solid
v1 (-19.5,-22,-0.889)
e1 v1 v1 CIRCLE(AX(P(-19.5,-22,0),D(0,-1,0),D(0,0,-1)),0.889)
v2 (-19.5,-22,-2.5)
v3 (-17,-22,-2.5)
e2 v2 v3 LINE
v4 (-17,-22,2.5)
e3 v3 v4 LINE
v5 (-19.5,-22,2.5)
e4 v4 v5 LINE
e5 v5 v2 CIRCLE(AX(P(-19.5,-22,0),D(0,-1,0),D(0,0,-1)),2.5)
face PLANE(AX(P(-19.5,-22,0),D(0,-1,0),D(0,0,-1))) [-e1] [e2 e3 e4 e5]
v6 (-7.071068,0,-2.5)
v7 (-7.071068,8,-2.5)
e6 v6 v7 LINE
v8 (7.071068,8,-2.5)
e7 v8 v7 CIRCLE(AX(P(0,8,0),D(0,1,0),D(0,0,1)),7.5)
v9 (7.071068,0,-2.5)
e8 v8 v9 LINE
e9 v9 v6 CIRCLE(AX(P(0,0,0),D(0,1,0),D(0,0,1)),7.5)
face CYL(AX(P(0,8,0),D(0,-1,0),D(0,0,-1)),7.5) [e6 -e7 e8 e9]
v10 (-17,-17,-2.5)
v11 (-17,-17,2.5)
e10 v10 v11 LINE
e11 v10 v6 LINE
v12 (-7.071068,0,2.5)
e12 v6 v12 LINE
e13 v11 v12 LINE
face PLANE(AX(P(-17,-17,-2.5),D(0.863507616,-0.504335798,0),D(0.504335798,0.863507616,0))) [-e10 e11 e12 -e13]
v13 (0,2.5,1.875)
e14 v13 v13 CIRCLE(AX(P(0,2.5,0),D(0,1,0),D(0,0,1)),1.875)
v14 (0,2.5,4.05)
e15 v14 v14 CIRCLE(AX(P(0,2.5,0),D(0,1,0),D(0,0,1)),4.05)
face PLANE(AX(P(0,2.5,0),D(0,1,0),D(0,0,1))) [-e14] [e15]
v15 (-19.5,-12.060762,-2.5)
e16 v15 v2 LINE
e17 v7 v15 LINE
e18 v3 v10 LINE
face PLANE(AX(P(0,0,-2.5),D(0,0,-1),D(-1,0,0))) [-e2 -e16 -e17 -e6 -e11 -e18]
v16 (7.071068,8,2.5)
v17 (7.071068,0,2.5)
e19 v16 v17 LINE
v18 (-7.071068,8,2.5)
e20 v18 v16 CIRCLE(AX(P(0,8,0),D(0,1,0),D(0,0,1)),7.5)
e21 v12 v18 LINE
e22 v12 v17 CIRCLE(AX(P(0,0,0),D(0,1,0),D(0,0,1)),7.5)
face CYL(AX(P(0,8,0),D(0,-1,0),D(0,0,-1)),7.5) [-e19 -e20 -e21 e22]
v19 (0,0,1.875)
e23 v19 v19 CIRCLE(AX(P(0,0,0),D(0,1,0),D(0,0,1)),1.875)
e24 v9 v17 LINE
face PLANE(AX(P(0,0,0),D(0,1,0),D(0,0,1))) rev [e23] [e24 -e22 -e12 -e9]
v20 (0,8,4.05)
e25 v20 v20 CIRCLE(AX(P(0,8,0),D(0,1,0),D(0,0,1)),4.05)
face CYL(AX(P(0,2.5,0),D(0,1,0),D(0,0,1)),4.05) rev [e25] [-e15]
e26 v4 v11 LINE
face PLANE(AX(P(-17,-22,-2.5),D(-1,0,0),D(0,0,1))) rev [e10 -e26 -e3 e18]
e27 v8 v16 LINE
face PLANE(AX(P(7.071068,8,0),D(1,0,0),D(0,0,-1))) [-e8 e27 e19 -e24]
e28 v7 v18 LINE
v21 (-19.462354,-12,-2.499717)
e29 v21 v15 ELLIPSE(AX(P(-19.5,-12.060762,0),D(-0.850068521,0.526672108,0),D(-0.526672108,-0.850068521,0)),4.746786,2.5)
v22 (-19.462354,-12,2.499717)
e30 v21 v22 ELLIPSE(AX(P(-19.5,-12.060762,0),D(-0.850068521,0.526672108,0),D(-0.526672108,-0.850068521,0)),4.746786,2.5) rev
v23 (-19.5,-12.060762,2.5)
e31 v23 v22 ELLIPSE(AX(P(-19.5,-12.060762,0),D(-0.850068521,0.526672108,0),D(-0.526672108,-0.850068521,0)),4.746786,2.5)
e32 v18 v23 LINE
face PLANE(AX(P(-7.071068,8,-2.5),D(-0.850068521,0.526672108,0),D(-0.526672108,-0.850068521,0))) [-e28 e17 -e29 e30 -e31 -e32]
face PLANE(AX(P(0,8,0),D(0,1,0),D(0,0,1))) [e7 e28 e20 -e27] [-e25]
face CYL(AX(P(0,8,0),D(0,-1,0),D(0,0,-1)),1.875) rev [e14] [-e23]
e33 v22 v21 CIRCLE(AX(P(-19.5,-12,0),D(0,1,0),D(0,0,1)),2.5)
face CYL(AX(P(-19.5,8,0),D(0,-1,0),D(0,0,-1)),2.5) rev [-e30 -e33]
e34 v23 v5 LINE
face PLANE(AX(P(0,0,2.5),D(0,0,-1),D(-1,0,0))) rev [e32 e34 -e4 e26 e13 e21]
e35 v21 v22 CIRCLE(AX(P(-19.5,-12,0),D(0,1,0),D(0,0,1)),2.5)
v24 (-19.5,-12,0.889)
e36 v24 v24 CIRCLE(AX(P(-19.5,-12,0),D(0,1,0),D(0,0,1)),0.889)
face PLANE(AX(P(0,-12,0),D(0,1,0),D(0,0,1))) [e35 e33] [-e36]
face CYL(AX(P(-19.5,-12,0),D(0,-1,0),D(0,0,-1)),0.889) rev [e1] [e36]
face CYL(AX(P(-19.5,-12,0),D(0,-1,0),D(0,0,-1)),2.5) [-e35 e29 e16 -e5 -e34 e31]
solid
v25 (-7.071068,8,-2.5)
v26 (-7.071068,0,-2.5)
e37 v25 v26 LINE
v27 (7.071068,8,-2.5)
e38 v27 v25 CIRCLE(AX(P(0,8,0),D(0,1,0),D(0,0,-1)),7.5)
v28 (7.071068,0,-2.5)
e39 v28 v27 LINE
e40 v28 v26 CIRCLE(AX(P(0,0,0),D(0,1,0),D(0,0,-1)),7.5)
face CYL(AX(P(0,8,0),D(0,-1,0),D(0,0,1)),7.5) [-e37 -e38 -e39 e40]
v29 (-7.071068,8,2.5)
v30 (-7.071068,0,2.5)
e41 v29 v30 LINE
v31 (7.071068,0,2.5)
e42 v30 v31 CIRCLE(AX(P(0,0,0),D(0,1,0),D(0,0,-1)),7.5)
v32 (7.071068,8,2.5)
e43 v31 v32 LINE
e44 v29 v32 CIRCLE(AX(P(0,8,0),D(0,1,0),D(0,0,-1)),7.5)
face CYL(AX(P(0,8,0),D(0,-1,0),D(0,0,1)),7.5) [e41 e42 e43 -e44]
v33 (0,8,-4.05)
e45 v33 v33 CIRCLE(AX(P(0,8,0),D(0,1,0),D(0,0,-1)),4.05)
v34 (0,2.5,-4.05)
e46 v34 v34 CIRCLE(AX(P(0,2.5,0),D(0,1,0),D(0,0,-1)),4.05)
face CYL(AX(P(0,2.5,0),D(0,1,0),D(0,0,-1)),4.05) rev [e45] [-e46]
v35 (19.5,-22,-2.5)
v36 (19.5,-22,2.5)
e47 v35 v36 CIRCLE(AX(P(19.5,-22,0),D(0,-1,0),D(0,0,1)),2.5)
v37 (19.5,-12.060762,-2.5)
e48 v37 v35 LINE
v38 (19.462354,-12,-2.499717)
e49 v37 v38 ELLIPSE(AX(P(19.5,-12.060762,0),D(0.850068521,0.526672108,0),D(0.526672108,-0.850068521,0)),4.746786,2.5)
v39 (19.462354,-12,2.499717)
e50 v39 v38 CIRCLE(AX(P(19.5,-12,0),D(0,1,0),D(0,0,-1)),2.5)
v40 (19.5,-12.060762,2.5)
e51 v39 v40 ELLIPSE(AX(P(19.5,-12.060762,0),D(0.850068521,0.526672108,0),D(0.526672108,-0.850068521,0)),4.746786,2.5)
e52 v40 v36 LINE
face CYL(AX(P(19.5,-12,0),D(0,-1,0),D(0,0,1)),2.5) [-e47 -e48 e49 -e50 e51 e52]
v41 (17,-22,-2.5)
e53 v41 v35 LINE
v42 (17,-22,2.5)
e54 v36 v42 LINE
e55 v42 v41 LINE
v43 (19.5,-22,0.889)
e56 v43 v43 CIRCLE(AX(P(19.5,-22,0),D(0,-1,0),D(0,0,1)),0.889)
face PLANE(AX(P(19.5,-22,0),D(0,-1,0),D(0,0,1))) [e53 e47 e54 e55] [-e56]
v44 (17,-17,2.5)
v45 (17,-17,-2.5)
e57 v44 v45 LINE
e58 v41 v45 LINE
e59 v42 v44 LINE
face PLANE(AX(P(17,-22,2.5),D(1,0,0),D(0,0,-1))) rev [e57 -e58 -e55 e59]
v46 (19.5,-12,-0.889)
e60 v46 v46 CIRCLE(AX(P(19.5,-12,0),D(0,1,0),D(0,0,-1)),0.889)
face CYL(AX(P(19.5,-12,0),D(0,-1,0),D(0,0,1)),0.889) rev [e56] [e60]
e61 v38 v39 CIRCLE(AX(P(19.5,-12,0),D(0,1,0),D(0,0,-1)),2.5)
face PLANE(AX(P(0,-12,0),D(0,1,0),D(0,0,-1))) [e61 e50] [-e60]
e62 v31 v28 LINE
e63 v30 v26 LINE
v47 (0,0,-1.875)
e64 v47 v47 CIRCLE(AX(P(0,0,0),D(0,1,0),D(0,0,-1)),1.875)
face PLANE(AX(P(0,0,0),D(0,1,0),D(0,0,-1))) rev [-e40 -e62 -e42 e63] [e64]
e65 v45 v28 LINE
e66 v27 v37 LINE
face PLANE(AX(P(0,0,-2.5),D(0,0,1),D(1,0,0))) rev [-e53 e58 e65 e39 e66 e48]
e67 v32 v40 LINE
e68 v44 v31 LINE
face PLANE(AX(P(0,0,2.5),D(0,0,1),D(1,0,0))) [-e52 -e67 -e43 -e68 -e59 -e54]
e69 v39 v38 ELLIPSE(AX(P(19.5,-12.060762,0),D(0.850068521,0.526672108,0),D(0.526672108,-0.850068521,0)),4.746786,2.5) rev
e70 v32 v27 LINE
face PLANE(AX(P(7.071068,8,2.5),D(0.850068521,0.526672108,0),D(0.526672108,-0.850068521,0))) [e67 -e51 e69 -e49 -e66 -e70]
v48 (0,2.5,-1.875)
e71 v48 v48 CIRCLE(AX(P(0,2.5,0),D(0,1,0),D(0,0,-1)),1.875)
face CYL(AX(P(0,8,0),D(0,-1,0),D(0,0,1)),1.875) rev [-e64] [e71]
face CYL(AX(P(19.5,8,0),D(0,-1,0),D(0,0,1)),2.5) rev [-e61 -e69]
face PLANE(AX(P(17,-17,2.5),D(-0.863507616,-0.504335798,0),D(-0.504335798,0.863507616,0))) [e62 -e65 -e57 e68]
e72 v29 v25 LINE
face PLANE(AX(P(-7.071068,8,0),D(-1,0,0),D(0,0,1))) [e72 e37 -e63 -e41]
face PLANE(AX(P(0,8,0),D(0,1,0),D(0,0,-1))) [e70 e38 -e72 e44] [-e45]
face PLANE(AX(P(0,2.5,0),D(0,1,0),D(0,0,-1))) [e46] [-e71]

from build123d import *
from build123d.topology import SkipClean

# Parameters (mm, degrees)
SKETCH1_R                = 1.875
BOSS_EXTRUDE1_DEPTH      = 8
BOSS_EXTRUDE2_START      = -17
SKETCH1_3_R              = 2.5
SKETCH1_3_R_2            = 0.889
BOSS_EXTRUDE2_DEPTH      = 5
SKETCH4_R                = 4.05
CUT_EXTRUDE1_DEPTH       = 5.5
BOSS_EXTRUDE3_DEPTH      = 2.5
BOSS_EXTRUDE3_DEPTH_BACK = 2.5
SKETCH5_R                = 2.5
CUT_EXTRUDE2_DEPTH       = 31.663496213
CUT_EXTRUDE3_DEPTH       = 31.663496213
BOSS_EXTRUDE4_START      = 5
SKETCH8_R                = 0.889
BOSS_EXTRUDE4_DEPTH      = 5
CIRPATTERN5_COUNT        = 2


with BuildPart() as part:
    # Sketch1 → Boss-Extrude1 (new body)
    with BuildSketch(Plane(origin=(0, 0, 0), x_dir=(1, 0, 0), z_dir=(0, 1, 0))):
        with BuildLine():
            Line((7.071067812, -2.5), (7.071067812, 2.5))
            ThreePointArc((7.071067812, 2.5), (0, 7.5), (-7.071067812, 2.5))
            Line((-7.071067812, 2.5), (-7.071067812, -2.5))
            ThreePointArc((-7.071067812, -2.5), (0, -7.5), (7.071067812, -2.5))
        make_face()
        Circle(SKETCH1_R, mode=Mode.SUBTRACT)
    extrude(amount=BOSS_EXTRUDE1_DEPTH)

    # Sketch4 → Cut-Extrude1 (cut)
    with BuildSketch(Plane(origin=(0, 8, 0), x_dir=(1, 0, 0), z_dir=(0, 1, 0))):
        Circle(SKETCH4_R)
    extrude(amount=-CUT_EXTRUDE1_DEPTH, mode=Mode.SUBTRACT)



with BuildPart() as body_2:
    # Sketch1<3> → Boss-Extrude2 (new body)
    with BuildSketch(Plane(origin=(0, 0, 0), x_dir=(1, 0, 0), z_dir=(0, 1, 0)).offset(BOSS_EXTRUDE2_START)):
        with Locations((-19.5, 0)):
            Circle(SKETCH1_3_R)
        with Locations((-19.5, 0)):
            Circle(SKETCH1_3_R_2, mode=Mode.SUBTRACT)
    extrude(amount=BOSS_EXTRUDE2_DEPTH)


with BuildPart() as part_1:
    add(part.part)

    add(body_2.part)  # Boss-Extrude3 merges body 2
    # Sketch3 → Boss-Extrude3 (add, two sides: drawn at the far end of the back side and taken through both)
    with BuildSketch(Plane.XY.offset(-BOSS_EXTRUDE3_DEPTH_BACK)):
        Polygon((-7.071067812, 8), (-19.5, -12.060762386), (-19.5, -17), (-17, -17), (-7.071067812, 0), align=None)
    extrude(amount=BOSS_EXTRUDE3_DEPTH + BOSS_EXTRUDE3_DEPTH_BACK)

    # Sketch5 → Cut-Extrude2 (cut, through all)
    with BuildSketch(Plane(origin=(0, -12, 0), x_dir=(1, 0, 0), z_dir=(0, 1, 0))):
        with Locations((-19.5, 0)):
            Circle(SKETCH5_R)
    extrude(amount=CUT_EXTRUDE2_DEPTH, mode=Mode.SUBTRACT)

    # Sketch5<3> → Cut-Extrude3 (cut, through all)
    with BuildSketch(Plane(origin=(0, -12, 0), x_dir=(1, 0, 0), z_dir=(0, 1, 0))):
        with BuildLine():
            ThreePointArc((-19.462353795, -0.888202546), (-18.858210129, -0.615164012), (-18.611, 0))
            ThreePointArc((-18.611, 0), (-18.858210129, 0.615164012), (-19.462353795, 0.888202546))
            ThreePointArc((-19.462353795, 0.888202546), (-20.389, 0), (-19.462353795, -0.888202546))
        make_face()
    extrude(amount=-CUT_EXTRUDE3_DEPTH, mode=Mode.SUBTRACT)

    # Sketch8 → Boss-Extrude4 (add)
    with SkipClean():  # the faces are left unmerged after this step: merging them gives an invalid solid
        with BuildSketch(Plane.XZ.offset(17).offset(BOSS_EXTRUDE4_START)):
            with BuildLine():
                Line((-19.5, -2.5), (-17, -2.5))
                Line((-17, -2.5), (-17, 2.5))
                Line((-17, 2.5), (-19.5, 2.5))
                ThreePointArc((-19.5, 2.5), (-22, 0), (-19.5, -2.5))
            make_face()
            with Locations((-19.5, 0)):
                Circle(SKETCH8_R, mode=Mode.SUBTRACT)
        extrude(amount=-BOSS_EXTRUDE4_DEPTH)


with BuildPart() as cirpattern5_1:
    # CirPattern5: pattern copy
    add(part_1.part.rotate(Axis((0, 8, 0), (0, 1, 0)), 1 * 360 / CIRPATTERN5_COUNT))


solid = Compound([part_1.part, cirpattern5_1.part])
